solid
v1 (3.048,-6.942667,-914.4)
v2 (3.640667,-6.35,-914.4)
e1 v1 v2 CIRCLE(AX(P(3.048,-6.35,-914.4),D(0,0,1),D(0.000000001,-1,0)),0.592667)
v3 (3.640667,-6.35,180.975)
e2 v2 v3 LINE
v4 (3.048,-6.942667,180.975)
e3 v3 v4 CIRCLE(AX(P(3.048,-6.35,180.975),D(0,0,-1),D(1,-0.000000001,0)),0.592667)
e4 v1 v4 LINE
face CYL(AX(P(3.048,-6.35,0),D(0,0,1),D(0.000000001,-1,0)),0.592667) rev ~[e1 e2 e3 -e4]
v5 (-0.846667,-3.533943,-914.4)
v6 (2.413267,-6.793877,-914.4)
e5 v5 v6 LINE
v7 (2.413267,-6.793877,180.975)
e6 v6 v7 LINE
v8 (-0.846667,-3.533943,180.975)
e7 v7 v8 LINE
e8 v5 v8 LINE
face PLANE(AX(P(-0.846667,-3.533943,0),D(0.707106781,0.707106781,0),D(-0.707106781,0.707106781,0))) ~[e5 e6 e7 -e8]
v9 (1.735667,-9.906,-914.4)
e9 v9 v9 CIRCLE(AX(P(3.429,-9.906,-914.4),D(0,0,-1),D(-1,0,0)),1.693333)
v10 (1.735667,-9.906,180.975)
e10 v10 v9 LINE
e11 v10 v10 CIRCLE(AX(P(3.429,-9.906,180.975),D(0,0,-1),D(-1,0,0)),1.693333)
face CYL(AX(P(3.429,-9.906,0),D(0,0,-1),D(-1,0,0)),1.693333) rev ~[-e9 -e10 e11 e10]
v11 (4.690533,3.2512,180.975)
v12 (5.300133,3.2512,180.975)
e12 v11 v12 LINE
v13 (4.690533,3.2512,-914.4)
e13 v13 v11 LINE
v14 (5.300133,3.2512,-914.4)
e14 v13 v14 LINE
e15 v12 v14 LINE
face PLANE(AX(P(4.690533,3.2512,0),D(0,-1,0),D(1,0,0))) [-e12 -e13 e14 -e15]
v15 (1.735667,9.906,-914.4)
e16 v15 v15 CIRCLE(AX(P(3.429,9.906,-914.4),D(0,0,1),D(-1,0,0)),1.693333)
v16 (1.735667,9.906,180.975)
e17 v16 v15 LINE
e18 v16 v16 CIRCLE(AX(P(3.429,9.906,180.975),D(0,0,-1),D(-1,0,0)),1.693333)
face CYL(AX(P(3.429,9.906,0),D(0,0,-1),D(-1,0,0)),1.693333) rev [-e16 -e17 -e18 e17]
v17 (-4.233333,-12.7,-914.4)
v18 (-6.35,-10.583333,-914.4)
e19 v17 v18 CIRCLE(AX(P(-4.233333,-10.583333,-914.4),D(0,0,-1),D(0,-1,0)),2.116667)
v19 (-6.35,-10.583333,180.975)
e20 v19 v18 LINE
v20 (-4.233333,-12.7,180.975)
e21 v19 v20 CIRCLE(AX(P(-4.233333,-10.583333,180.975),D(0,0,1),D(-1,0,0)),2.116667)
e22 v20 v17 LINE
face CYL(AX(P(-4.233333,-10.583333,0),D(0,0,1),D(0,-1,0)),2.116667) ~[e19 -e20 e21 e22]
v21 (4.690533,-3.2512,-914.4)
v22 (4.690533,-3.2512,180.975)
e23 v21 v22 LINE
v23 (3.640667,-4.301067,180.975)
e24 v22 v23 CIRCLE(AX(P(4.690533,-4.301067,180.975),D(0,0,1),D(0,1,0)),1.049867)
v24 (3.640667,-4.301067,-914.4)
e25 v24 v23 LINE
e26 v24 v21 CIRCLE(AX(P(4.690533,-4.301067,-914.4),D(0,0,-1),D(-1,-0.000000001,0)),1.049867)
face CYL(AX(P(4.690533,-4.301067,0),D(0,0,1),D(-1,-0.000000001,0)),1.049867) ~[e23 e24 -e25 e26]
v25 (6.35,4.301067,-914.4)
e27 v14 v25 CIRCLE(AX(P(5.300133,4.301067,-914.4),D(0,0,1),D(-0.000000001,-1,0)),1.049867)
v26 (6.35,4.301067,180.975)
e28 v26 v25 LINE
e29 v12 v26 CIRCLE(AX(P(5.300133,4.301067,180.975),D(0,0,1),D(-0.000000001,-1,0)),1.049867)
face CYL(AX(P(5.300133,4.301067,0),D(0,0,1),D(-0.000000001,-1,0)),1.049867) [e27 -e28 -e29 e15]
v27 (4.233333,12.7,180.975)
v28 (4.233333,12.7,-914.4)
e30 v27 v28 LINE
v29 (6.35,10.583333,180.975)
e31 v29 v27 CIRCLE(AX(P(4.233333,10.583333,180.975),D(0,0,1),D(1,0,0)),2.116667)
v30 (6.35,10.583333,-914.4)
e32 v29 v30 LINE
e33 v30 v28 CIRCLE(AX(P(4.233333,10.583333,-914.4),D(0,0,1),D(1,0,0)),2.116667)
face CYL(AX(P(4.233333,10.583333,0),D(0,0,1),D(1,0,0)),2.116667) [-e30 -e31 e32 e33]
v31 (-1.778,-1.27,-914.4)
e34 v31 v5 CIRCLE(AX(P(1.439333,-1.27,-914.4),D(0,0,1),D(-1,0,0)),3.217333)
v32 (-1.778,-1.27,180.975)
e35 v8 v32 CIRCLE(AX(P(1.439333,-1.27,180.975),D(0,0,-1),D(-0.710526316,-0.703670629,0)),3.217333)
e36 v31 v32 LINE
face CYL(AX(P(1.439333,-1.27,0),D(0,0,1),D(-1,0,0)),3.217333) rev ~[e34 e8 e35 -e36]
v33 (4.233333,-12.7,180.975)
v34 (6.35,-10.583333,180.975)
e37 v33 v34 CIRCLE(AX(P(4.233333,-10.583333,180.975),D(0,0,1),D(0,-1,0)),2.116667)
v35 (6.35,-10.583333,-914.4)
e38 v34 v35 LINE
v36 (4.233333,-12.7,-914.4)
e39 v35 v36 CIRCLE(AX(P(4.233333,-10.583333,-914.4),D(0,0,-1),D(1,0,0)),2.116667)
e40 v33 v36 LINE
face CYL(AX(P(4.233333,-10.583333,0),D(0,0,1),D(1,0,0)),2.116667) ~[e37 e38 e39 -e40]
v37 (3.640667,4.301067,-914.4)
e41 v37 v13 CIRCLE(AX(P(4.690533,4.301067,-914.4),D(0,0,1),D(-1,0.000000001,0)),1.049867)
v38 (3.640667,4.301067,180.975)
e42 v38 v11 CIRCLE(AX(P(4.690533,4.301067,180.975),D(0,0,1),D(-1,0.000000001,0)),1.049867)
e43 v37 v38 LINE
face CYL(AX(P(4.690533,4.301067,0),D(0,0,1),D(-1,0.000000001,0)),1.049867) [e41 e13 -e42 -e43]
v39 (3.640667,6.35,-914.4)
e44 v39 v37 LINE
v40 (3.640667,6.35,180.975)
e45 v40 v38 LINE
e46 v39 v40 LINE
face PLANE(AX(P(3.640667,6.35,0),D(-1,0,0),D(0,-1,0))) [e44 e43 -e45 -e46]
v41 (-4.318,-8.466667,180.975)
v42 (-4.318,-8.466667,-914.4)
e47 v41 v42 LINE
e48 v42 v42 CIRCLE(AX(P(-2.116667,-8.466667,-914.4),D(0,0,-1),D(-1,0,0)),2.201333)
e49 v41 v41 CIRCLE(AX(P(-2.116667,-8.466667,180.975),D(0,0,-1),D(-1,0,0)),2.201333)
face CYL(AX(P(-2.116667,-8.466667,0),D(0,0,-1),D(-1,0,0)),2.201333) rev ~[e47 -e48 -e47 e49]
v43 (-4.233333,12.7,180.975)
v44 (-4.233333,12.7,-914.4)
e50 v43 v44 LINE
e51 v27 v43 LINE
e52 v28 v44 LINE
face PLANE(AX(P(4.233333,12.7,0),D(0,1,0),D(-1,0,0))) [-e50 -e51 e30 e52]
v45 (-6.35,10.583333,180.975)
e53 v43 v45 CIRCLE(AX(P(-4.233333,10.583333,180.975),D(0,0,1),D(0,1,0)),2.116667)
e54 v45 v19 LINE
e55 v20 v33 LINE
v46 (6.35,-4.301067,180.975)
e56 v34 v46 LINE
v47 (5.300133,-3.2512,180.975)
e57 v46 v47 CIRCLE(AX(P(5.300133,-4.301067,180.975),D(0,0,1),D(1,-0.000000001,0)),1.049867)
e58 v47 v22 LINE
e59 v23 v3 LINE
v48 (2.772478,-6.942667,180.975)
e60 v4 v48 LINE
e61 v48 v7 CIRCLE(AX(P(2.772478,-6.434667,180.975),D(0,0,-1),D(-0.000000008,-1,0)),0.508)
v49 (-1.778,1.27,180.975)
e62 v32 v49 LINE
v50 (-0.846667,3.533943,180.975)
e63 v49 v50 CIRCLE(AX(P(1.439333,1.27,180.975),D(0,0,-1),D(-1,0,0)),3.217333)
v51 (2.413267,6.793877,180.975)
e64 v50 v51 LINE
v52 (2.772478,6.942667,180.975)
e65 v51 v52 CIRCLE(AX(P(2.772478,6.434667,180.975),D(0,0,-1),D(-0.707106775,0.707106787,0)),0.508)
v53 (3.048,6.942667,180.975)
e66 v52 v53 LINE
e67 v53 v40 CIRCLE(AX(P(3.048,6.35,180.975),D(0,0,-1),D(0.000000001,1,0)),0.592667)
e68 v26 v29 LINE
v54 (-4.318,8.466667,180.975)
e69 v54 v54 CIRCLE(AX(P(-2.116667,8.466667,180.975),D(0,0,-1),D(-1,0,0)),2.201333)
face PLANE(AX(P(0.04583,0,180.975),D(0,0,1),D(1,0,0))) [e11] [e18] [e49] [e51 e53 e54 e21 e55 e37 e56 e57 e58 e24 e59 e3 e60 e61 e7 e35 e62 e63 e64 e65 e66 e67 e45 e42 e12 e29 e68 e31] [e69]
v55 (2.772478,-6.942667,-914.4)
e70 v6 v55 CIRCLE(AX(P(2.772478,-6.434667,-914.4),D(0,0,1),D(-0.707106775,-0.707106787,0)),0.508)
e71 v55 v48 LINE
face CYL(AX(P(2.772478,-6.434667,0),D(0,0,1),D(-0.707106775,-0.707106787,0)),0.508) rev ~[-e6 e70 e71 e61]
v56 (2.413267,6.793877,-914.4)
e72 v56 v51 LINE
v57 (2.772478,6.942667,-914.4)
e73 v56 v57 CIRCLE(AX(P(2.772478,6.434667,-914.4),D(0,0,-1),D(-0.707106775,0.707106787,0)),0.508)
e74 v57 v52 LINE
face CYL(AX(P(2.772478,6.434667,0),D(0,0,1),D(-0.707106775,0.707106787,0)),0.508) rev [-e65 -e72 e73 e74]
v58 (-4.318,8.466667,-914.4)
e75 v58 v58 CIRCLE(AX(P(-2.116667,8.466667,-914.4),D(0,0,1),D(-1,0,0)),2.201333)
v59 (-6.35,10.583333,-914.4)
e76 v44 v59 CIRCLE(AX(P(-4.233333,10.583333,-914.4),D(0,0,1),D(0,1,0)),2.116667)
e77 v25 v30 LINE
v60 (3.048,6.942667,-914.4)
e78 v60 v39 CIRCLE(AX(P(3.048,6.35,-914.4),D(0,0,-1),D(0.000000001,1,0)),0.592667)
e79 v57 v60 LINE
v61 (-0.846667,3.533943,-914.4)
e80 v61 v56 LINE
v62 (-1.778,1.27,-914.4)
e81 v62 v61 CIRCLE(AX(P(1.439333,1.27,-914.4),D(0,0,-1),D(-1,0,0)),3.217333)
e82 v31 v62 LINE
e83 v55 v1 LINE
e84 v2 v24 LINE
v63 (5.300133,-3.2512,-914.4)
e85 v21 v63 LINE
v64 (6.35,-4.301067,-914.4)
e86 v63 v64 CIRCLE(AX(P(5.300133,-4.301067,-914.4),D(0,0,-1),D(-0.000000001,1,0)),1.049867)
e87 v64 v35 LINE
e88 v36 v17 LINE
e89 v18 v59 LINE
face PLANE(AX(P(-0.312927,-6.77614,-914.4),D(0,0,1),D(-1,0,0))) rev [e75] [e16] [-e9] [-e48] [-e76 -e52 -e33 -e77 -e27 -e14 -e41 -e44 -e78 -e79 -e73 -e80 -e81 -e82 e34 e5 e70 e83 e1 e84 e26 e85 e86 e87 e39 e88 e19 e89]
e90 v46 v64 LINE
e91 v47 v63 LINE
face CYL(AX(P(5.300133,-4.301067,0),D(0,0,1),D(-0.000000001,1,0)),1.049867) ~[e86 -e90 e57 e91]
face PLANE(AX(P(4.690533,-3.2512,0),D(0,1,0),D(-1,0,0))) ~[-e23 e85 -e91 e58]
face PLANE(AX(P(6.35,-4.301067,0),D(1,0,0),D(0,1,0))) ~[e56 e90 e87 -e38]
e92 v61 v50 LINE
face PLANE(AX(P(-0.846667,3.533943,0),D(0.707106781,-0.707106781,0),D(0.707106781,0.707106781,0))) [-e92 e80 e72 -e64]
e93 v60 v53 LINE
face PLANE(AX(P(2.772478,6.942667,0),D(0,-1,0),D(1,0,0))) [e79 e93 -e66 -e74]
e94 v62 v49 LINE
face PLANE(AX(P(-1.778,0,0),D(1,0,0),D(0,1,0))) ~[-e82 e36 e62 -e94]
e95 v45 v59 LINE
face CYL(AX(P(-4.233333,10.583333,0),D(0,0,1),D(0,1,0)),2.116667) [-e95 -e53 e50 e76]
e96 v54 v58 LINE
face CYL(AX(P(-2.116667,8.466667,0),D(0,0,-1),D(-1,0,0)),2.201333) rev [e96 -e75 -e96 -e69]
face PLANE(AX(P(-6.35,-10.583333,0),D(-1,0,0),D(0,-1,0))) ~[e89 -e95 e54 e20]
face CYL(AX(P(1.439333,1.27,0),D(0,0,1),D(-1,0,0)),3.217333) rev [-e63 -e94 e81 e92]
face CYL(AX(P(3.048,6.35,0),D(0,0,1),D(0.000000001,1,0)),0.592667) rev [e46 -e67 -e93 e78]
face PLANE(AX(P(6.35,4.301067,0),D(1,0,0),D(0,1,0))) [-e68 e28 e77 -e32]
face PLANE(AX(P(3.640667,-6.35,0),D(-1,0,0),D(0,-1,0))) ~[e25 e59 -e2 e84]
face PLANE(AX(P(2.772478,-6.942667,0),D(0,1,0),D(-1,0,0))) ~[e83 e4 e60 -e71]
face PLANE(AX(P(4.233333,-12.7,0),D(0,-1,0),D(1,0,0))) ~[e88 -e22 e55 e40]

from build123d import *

# Parameters (mm, degrees)
SKETCH3_R           = 2.201333333
SKETCH3_R_2         = 1.693333333
BOSS_EXTRUDE1_DEPTH = 914.4
CUT_EXTRUDE1_DEPTH  = 733.425


with BuildPart() as part:
    # Sketch3 → Boss-Extrude1 (new, symmetric)
    with BuildSketch(Plane.XY):
        with BuildLine():
            Line((-1.778, 0), (-1.778, 1.27))
            ThreePointArc((-1.778, 1.27), (-1.536070654, 2.494011801), (-0.846666667, 3.533942971))
            Line((-0.846666667, 3.533942971), (2.413267273, 6.793876912))
            ThreePointArc((2.413267273, 6.793876912), (2.578074335, 6.903997469), (2.772477518, 6.942666667))
            Line((2.772477518, 6.942666667), (3.048, 6.942666667))
            ThreePointArc((3.048, 6.942666667), (3.467078619, 6.769078619), (3.640666667, 6.35))
            Line((3.640666667, 6.35), (3.640666667, 4.301066667))
            ThreePointArc((3.640666667, 4.301066667), (3.948165494, 3.558698827), (4.690533333, 3.2512))
            Line((4.690533333, 3.2512), (5.300133333, 3.2512))
            ThreePointArc((5.300133333, 3.2512), (6.042501173, 3.558698827), (6.35, 4.301066667))
            Line((6.35, 4.301066667), (6.35, 10.583333333))
            ThreePointArc((6.35, 10.583333333), (5.730042687, 12.080042687), (4.233333333, 12.7))
            Line((4.233333333, 12.7), (-4.233333333, 12.7))
            ThreePointArc((-4.233333333, 12.7), (-5.730042687, 12.080042687), (-6.35, 10.583333333))
            Line((-6.35, 10.583333333), (-6.35, 0))
            Line((-6.35, 0), (-1.778, 0))
        make_face()
        with Locations(Location((-2.116666667, 8.466666667, 0), (0, 0, 180))):
            Circle(SKETCH3_R, mode=Mode.SUBTRACT)
        with Locations(Location((3.429, 9.906, 0), (0, 0, 180))):
            Circle(SKETCH3_R_2, mode=Mode.SUBTRACT)
    extrude(amount=BOSS_EXTRUDE1_DEPTH, both=True)

    # Mirror1: part across plane


with BuildPart() as part_1:
    add(part.part)
    add(part.part.mirror(Plane.ZX))

    # Sketch4 → Cut-Extrude1 (cut)
    with BuildSketch(Plane.XY.offset(914.4)):
        with BuildLine():
            Line((-6.35, 10.583333333), (-6.35, -10.583333333))
            ThreePointArc((-6.35, -10.583333333), (-5.730042687, -12.080042687), (-4.233333333, -12.7))
            Line((-4.233333333, -12.7), (4.233333333, -12.7))
            ThreePointArc((4.233333333, -12.7), (5.730042687, -12.080042687), (6.35, -10.583333333))
            Line((6.35, -10.583333333), (6.35, -4.301066667))
            ThreePointArc((6.35, -4.301066667), (6.042501173, -3.558698827), (5.300133333, -3.2512))
            Line((5.300133333, -3.2512), (4.690533333, -3.2512))
            ThreePointArc((4.690533333, -3.2512), (3.948165494, -3.558698827), (3.640666667, -4.301066667))
            Line((3.640666667, -4.301066667), (3.640666667, -6.35))
            ThreePointArc((3.640666667, -6.35), (3.467078619, -6.769078619), (3.048, -6.942666667))
            Line((3.048, -6.942666667), (2.772477518, -6.942666667))
            ThreePointArc((2.772477518, -6.942666667), (2.578074335, -6.903997469), (2.413267273, -6.793876912))
            Line((2.413267273, -6.793876912), (-0.846666667, -3.533942971))
            ThreePointArc((-0.846666667, -3.533942971), (-1.536070654, -2.494011801), (-1.778, -1.27))
            Line((-1.778, -1.27), (-1.778, 1.27))
            ThreePointArc((-1.778, 1.27), (-1.536070654, 2.494011801), (-0.846666667, 3.533942971))
            Line((-0.846666667, 3.533942971), (2.413267273, 6.793876912))
            ThreePointArc((2.413267273, 6.793876912), (2.578074335, 6.903997469), (2.772477518, 6.942666667))
            Line((2.772477518, 6.942666667), (3.048, 6.942666667))
            ThreePointArc((3.048, 6.942666667), (3.467078619, 6.769078619), (3.640666667, 6.35))
            Line((3.640666667, 6.35), (3.640666667, 4.301066667))
            ThreePointArc((3.640666667, 4.301066667), (3.948165494, 3.558698827), (4.690533333, 3.2512))
            Line((4.690533333, 3.2512), (5.300133333, 3.2512))
            ThreePointArc((5.300133333, 3.2512), (6.042501173, 3.558698827), (6.35, 4.301066667))
            Line((6.35, 4.301066667), (6.35, 10.583333333))
            ThreePointArc((6.35, 10.583333333), (5.730042687, 12.080042687), (4.233333333, 12.7))
            Line((4.233333333, 12.7), (-4.233333333, 12.7))
            ThreePointArc((-4.233333333, 12.7), (-5.730042687, 12.080042687), (-6.35, 10.583333333))
        make_face()
    extrude(amount=-CUT_EXTRUDE1_DEPTH, mode=Mode.SUBTRACT)


solid = part_1.part
